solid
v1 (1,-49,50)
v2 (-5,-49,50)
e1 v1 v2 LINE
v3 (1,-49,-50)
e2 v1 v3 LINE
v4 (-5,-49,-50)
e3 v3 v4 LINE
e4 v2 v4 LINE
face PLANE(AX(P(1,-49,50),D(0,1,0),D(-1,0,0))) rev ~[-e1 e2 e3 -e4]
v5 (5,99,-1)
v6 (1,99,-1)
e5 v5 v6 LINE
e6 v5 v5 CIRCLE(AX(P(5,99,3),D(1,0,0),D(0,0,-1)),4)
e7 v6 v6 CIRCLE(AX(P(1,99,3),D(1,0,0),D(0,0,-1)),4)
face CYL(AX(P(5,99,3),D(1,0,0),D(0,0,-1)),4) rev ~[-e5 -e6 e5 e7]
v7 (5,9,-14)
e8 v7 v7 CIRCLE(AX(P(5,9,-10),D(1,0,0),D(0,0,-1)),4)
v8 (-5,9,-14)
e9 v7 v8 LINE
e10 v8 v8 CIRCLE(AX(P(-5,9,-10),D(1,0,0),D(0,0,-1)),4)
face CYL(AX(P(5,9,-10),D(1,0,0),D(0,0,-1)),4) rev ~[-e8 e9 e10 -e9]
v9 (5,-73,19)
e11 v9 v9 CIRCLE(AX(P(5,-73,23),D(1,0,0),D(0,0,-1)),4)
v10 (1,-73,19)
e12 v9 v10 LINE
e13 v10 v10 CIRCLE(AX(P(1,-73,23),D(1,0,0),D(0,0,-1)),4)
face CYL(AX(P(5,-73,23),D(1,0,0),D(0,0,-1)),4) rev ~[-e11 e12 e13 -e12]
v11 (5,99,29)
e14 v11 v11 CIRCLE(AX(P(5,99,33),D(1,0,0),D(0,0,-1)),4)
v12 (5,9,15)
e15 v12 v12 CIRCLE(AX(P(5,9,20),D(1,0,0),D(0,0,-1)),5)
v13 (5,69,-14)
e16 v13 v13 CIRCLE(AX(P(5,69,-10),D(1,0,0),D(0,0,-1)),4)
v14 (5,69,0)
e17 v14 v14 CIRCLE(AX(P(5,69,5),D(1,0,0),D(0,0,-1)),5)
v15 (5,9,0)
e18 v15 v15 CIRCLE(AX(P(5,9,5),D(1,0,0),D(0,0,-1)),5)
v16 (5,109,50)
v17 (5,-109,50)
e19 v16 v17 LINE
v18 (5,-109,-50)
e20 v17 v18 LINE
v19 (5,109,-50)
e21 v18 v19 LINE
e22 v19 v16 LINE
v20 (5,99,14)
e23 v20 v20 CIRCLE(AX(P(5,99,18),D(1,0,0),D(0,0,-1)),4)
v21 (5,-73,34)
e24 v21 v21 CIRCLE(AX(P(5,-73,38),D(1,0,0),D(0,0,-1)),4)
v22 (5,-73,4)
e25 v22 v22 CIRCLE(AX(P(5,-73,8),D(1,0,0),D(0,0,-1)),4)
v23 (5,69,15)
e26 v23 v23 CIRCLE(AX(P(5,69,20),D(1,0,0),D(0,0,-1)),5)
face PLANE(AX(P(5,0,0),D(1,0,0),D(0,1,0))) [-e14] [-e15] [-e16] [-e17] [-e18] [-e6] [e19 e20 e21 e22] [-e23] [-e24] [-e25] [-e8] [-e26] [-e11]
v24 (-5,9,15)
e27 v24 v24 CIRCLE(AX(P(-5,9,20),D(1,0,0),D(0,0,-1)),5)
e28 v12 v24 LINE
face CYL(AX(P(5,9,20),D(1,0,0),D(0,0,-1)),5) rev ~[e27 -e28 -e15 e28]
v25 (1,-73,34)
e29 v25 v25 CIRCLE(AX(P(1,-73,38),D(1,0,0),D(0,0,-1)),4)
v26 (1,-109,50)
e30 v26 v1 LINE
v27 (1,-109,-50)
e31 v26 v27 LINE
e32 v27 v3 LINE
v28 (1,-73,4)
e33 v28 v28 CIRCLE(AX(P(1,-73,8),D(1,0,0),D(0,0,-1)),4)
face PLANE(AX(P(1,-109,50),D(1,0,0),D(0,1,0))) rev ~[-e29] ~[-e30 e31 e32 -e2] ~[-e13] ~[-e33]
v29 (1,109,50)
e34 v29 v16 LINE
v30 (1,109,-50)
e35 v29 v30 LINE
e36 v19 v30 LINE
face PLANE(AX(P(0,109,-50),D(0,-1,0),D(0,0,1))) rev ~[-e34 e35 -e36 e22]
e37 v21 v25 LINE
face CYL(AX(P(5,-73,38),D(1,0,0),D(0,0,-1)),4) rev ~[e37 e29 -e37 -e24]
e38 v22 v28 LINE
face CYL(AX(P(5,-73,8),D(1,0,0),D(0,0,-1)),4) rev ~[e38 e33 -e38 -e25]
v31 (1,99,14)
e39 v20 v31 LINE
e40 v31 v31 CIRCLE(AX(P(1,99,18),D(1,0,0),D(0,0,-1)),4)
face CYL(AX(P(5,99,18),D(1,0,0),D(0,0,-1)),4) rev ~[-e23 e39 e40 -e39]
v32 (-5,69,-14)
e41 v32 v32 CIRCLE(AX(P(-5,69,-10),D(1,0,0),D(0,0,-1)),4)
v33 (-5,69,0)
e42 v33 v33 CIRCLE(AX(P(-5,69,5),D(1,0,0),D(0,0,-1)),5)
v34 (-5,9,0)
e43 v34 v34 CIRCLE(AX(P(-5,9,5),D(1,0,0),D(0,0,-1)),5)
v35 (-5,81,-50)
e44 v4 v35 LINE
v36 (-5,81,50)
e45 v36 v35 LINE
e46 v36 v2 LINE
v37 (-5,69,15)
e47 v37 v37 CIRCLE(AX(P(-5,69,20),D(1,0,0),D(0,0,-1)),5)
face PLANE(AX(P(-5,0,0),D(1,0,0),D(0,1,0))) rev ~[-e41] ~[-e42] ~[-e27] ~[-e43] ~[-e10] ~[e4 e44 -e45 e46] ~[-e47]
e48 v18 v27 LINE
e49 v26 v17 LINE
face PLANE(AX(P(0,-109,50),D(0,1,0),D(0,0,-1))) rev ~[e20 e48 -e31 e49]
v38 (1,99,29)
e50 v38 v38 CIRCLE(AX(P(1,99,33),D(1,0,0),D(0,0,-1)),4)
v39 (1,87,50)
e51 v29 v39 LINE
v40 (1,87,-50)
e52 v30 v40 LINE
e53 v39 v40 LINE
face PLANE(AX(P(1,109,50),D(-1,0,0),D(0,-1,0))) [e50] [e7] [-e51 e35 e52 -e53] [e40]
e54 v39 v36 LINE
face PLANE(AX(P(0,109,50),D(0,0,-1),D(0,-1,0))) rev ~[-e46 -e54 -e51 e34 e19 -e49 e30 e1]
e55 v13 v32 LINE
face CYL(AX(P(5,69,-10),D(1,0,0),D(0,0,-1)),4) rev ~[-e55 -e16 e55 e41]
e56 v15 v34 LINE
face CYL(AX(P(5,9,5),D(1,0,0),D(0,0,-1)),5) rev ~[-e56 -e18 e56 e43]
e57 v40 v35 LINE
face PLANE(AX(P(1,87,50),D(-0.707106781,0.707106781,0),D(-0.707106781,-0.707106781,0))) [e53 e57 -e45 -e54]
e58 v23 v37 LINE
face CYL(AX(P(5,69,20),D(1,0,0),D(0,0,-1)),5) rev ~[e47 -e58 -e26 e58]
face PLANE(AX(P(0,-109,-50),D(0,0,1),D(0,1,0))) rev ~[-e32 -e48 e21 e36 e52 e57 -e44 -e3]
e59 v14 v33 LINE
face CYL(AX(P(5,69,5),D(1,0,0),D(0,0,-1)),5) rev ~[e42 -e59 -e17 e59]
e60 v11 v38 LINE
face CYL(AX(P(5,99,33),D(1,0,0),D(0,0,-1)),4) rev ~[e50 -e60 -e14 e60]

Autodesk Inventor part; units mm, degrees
ref_plane "YZ Plane" through (0, 0, 0) normal (1, 0, 0) x (0, 1, 0)
ref_plane "XZ Plane" through (0, 0, 0) normal (0, 1, 0) x (-1, 0, 0)
ref_plane "XY Plane" through (0, 0, 0) normal (0, 0, 1) x (1, 0, 0)
sketch "Sketch1" plane through (0, 0, 0) normal (1, 0, 0) x (0, 1, 0)
  line L0 (109, 50) -> (-109, 50)
  line L1 (-109, 50) -> (-109, -50)
  line L2 (-109, -50) -> (109, -50)
  line L3 (109, -50) -> (109, 50)
  line L4 (109, 50) -> (-109, -50) construction
  line L5 (-109, 50) -> (109, -50) construction
  point P0 (0, 0)
  dimension "d0" = 100
  dimension "d1" = 218
extrude "Extrusion1" add sketch "Sketch1" along normal mid plane 10
sketch "Sketch2" plane through (-5, -109, 50) normal (0, 0, 1) x (1, 0, 0)
  line L0 (0, 218) -> (10, 218) projected
  line L1 (6, 218) -> (6, 196)
  line L2 (6, 196) -> (0, 190)
  line L3 (0, 218) -> (0, 0) projected
  line L4 (6, 218) -> (0, 218)
  line L5 (0, 190) -> (0, 218)
  line L6 (0, 0) -> (10, 0) projected
  line L7 (6, 0) -> (6, 60)
  line L8 (6, 60) -> (0, 60)
  line L9 (6, 0) -> (0, 0)
  line L10 (0, 60) -> (0, 0)
  point P0 (5, 109)
  dimension "d5" = 4
  dimension "d6" = 22
  dimension "d7" = 135
  dimension "d8" = 60
  dimension "d10" = 4
extrude "Extrusion2" cut sketch "Sketch2" against normal through all
sketch "Sketch3" plane through (5, 0, 0) normal (1, 0, 0) x (0, 0, -1)
  circle A0 centre (-38, -73) radius 4
  circle A1 centre (-23, -73) radius 4
  circle A2 centre (-8, -73) radius 4
  circle A3 centre (-33, 99) radius 4
  circle A4 centre (-18, 99) radius 4
  circle A5 centre (-3, 99) radius 4
  line L0 (-50, 109) -> (-50, -109) projected
  line L1 (-33, 99) -> (-18, 99) construction
  line L2 (-18, 99) -> (-3, 99) construction
  line L3 (50, 109) -> (-50, 109) projected
  line L4 (-38, -73) -> (-23, -73) construction
  line L5 (-23, -73) -> (-8, -73) construction
  line L6 (-50, -109) -> (50, -109) projected
  circle A6 centre (-20, 69) radius 5
  circle A7 centre (-5, 69) radius 5
  circle A8 centre (10, 69) radius 4
  circle A9 centre (-20, 9) radius 5
  circle A10 centre (-5, 9) radius 5
  circle A11 centre (10, 9) radius 4
  line L7 (-20, 69) -> (10, 69) construction
  line L8 (-20, 9) -> (10, 9) construction
  line L9 (-20, 9) -> (-20, 69) construction
  point P0 (0, 0)
  dimension "d13" = 8
  dimension "d14" = 8
  dimension "d15" = 17
  dimension "d16" = 15
  dimension "d17" = 15
  dimension "d18" = 10
  dimension "d19" = 12
  dimension "d20" = 15
  dimension "d21" = 15
  dimension "d22" = 36
  dimension "d23" = 10
  dimension "d24" = 8
  dimension "d25" = 40
  dimension "d26" = 30
  dimension "d27" = 15
  dimension "d28" = 15
  dimension "d29" = 60
  dimension "d30" = 15
  dimension "d31" = 15
extrude "Extrusion3" cut sketch "Sketch3" against normal through all
properties part number "DrivenSideBallScrewSupport"
